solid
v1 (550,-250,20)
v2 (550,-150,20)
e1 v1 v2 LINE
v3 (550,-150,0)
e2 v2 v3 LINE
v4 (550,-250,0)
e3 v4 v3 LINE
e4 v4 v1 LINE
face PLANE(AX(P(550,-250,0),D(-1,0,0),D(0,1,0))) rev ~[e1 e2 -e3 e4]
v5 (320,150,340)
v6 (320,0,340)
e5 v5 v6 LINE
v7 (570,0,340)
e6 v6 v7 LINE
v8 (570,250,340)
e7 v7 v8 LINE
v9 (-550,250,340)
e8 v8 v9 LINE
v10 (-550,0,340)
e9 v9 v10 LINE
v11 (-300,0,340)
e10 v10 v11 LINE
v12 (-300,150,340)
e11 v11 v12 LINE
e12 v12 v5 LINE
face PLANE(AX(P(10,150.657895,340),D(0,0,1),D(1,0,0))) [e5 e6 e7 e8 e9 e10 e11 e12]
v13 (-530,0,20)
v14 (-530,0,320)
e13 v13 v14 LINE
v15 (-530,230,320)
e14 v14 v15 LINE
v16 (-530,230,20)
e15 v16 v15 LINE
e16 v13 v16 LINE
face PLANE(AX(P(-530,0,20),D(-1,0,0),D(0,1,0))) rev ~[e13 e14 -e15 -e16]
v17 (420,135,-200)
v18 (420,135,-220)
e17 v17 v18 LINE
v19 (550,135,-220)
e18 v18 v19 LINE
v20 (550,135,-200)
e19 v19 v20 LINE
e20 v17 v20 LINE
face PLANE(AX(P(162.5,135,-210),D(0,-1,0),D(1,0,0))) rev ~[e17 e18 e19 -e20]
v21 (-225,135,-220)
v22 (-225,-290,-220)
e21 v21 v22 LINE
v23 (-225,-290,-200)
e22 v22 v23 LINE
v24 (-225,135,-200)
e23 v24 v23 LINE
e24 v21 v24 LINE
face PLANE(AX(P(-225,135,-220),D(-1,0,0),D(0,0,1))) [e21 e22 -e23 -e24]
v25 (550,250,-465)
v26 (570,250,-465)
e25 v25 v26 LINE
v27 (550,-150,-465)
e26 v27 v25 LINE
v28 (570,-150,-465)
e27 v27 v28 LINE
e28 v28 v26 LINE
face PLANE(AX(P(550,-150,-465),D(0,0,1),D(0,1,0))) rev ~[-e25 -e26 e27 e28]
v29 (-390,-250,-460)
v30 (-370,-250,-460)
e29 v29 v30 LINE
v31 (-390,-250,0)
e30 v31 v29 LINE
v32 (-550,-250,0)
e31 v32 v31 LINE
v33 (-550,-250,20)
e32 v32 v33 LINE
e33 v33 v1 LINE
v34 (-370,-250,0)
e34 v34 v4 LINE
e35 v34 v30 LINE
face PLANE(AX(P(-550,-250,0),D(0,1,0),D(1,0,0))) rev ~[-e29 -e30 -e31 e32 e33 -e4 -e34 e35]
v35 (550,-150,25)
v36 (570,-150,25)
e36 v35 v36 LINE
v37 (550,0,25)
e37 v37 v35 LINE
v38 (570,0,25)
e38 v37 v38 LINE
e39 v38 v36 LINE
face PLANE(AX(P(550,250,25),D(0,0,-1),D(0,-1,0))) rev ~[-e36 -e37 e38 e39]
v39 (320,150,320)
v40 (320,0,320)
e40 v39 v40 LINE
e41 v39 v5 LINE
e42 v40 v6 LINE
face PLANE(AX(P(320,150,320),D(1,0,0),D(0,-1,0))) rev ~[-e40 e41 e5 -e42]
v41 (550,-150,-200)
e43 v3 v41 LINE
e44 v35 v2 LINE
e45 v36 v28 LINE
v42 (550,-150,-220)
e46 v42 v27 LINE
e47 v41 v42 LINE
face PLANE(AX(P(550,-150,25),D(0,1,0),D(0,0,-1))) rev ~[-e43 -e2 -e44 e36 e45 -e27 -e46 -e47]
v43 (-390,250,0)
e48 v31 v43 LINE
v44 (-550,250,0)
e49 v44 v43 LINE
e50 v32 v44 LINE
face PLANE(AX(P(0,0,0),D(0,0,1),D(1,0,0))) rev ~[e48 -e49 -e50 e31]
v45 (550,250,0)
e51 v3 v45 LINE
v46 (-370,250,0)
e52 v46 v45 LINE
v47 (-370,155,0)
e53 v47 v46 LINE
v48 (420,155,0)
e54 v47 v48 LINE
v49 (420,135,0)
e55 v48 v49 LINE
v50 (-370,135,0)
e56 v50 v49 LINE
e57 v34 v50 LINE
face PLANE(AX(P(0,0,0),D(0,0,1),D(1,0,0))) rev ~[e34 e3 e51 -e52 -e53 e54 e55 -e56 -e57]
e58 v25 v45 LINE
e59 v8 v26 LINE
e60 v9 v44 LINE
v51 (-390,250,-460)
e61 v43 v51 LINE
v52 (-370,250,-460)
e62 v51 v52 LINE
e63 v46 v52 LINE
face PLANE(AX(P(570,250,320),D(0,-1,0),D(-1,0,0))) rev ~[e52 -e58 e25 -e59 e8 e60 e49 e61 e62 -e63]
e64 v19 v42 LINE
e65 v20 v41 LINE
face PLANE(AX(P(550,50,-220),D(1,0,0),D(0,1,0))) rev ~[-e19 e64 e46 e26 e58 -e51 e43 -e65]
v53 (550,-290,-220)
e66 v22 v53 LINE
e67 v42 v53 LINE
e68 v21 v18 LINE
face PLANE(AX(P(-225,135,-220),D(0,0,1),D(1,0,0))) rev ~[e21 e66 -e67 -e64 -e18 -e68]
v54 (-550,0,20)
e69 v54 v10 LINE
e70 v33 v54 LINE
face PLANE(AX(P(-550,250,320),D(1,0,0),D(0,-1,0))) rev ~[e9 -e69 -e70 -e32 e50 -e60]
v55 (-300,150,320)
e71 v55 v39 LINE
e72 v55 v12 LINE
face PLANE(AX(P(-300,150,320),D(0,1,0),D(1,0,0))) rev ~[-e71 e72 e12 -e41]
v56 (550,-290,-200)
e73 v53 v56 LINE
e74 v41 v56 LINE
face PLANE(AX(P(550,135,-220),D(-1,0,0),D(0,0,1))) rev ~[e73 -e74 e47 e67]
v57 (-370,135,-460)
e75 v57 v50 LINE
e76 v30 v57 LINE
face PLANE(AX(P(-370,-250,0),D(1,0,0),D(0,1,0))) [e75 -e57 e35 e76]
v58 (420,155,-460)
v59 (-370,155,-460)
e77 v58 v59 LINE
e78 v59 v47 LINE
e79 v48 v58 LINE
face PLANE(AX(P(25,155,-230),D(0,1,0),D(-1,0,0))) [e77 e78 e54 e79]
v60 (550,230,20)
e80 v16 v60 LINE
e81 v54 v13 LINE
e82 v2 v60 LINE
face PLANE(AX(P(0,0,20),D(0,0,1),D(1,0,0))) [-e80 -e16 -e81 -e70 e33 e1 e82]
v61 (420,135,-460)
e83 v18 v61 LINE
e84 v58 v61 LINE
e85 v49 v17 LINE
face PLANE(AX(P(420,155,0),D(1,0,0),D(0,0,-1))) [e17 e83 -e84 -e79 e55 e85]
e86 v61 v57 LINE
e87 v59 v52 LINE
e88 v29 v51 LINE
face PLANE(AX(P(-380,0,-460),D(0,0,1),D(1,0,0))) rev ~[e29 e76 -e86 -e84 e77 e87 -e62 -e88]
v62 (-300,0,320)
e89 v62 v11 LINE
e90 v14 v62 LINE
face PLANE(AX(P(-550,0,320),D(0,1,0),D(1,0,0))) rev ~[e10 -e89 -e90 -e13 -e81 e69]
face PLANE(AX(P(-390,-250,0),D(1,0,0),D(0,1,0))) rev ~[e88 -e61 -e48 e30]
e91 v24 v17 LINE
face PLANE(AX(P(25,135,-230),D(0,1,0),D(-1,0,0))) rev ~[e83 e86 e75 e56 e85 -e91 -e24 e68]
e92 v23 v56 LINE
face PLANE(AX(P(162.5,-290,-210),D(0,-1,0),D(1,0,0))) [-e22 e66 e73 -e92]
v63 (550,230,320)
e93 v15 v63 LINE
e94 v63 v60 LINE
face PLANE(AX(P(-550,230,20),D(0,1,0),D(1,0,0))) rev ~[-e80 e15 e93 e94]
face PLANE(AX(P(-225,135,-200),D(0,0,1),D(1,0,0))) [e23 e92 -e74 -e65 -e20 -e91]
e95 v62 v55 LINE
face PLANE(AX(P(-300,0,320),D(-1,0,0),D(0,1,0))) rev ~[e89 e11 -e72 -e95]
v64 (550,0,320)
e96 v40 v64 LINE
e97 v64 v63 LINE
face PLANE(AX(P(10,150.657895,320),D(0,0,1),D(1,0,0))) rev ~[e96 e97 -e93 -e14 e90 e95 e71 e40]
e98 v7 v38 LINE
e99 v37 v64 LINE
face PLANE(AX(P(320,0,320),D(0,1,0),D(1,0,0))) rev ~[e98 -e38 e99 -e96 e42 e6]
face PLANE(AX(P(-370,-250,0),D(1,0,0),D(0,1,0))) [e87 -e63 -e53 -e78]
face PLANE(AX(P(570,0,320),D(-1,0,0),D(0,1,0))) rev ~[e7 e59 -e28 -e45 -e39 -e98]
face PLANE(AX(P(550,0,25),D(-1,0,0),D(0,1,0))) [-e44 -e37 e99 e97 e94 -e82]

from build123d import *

# Parameters (mm, degrees)
F0_W      = 1100
F0_H      = 500
F1_DEPTH  = 20
F4_DEPTH  = 20
F5_W      = 20
F5_H      = 500
F6_DEPTH  = 460
F9_DEPTH  = 20
F10_W     = 775
F10_H     = 20
F11_DEPTH = 425
F12_W     = 1100
F12_H     = 20
F13_DEPTH = 300
F14_W     = 20
F14_H     = 230
F15_DEPTH = 300
F16_W     = 20
F16_H     = 250
F17_DEPTH = 295
F19_DEPTH = 20
F20_DEPTH = 20


with BuildPart() as f1:
    # F0 (on Top) → F1 (new body)
    with BuildSketch(Plane.XY):
        Rectangle(F0_W, F0_H)
    extrude(amount=F1_DEPTH)

    # F3 (on offset) → F4 (join)
    with BuildSketch(Plane.YZ.offset(550)):
        Polygon((250, -465), (250, 0), (250, 25), (-150, 25), (-150, -465), align=None)
    extrude(amount=F4_DEPTH)

    # F5 (on face) → F6 (join)
    with BuildSketch(Plane.XY):
        with Locations((-380, 0)):
            Rectangle(F5_W, F5_H)
    extrude(amount=-F6_DEPTH)

    # F8 (on offset) → F9 (join)
    with BuildSketch(Plane(origin=(0, 155, 0), x_dir=(-1, 0, 0), z_dir=(0, 1, 0))):
        Polygon((370, 0), (0, 0), (-420, 0), (-420, -460), (370, -460), align=None)
    extrude(amount=-F9_DEPTH)

    # F10 (on face) → F11 (join)
    with BuildSketch(Plane.XZ.offset(-135)):
        with Locations((162.5, -210)):
            Rectangle(F10_W, F10_H)
    extrude(amount=F11_DEPTH)

    # F12 (on face) → F13 (join)
    with BuildSketch(Plane.XY.offset(20)):
        with Locations((0, 240)):
            Rectangle(F12_W, F12_H)
    extrude(amount=F13_DEPTH)

    # F14 (on face) → F15 (join)
    with BuildSketch(Plane.XY.offset(20)):
        with Locations((-540, 115)):
            Rectangle(F14_W, F14_H)
    extrude(amount=F15_DEPTH)

    # F16 (on face) → F17 (join)
    with BuildSketch(Plane.XY.offset(25)):
        with Locations((560, 125)):
            Rectangle(F16_W, F16_H)
    extrude(amount=F17_DEPTH)

    # F18 (on face) → F19 (join)
    with BuildSketch(Plane.XY.offset(320)):
        Polygon((-300, 250), (-550, 250), (-550, 0), (-300, 0), (-300, 150), (320, 150), (320, 0), (570, 0), (570, 250), (320, 250), align=None)
    extrude(amount=F19_DEPTH)

    # F18 (on face) → F20 (join)
    with BuildSketch(Plane.XY.offset(320)):
        Polygon((-300, 250), (-550, 250), (-550, 0), (-300, 0), (-300, 150), (320, 150), (320, 0), (570, 0), (570, 250), (320, 250), align=None)
    extrude(amount=F20_DEPTH)


solid = f1.part
